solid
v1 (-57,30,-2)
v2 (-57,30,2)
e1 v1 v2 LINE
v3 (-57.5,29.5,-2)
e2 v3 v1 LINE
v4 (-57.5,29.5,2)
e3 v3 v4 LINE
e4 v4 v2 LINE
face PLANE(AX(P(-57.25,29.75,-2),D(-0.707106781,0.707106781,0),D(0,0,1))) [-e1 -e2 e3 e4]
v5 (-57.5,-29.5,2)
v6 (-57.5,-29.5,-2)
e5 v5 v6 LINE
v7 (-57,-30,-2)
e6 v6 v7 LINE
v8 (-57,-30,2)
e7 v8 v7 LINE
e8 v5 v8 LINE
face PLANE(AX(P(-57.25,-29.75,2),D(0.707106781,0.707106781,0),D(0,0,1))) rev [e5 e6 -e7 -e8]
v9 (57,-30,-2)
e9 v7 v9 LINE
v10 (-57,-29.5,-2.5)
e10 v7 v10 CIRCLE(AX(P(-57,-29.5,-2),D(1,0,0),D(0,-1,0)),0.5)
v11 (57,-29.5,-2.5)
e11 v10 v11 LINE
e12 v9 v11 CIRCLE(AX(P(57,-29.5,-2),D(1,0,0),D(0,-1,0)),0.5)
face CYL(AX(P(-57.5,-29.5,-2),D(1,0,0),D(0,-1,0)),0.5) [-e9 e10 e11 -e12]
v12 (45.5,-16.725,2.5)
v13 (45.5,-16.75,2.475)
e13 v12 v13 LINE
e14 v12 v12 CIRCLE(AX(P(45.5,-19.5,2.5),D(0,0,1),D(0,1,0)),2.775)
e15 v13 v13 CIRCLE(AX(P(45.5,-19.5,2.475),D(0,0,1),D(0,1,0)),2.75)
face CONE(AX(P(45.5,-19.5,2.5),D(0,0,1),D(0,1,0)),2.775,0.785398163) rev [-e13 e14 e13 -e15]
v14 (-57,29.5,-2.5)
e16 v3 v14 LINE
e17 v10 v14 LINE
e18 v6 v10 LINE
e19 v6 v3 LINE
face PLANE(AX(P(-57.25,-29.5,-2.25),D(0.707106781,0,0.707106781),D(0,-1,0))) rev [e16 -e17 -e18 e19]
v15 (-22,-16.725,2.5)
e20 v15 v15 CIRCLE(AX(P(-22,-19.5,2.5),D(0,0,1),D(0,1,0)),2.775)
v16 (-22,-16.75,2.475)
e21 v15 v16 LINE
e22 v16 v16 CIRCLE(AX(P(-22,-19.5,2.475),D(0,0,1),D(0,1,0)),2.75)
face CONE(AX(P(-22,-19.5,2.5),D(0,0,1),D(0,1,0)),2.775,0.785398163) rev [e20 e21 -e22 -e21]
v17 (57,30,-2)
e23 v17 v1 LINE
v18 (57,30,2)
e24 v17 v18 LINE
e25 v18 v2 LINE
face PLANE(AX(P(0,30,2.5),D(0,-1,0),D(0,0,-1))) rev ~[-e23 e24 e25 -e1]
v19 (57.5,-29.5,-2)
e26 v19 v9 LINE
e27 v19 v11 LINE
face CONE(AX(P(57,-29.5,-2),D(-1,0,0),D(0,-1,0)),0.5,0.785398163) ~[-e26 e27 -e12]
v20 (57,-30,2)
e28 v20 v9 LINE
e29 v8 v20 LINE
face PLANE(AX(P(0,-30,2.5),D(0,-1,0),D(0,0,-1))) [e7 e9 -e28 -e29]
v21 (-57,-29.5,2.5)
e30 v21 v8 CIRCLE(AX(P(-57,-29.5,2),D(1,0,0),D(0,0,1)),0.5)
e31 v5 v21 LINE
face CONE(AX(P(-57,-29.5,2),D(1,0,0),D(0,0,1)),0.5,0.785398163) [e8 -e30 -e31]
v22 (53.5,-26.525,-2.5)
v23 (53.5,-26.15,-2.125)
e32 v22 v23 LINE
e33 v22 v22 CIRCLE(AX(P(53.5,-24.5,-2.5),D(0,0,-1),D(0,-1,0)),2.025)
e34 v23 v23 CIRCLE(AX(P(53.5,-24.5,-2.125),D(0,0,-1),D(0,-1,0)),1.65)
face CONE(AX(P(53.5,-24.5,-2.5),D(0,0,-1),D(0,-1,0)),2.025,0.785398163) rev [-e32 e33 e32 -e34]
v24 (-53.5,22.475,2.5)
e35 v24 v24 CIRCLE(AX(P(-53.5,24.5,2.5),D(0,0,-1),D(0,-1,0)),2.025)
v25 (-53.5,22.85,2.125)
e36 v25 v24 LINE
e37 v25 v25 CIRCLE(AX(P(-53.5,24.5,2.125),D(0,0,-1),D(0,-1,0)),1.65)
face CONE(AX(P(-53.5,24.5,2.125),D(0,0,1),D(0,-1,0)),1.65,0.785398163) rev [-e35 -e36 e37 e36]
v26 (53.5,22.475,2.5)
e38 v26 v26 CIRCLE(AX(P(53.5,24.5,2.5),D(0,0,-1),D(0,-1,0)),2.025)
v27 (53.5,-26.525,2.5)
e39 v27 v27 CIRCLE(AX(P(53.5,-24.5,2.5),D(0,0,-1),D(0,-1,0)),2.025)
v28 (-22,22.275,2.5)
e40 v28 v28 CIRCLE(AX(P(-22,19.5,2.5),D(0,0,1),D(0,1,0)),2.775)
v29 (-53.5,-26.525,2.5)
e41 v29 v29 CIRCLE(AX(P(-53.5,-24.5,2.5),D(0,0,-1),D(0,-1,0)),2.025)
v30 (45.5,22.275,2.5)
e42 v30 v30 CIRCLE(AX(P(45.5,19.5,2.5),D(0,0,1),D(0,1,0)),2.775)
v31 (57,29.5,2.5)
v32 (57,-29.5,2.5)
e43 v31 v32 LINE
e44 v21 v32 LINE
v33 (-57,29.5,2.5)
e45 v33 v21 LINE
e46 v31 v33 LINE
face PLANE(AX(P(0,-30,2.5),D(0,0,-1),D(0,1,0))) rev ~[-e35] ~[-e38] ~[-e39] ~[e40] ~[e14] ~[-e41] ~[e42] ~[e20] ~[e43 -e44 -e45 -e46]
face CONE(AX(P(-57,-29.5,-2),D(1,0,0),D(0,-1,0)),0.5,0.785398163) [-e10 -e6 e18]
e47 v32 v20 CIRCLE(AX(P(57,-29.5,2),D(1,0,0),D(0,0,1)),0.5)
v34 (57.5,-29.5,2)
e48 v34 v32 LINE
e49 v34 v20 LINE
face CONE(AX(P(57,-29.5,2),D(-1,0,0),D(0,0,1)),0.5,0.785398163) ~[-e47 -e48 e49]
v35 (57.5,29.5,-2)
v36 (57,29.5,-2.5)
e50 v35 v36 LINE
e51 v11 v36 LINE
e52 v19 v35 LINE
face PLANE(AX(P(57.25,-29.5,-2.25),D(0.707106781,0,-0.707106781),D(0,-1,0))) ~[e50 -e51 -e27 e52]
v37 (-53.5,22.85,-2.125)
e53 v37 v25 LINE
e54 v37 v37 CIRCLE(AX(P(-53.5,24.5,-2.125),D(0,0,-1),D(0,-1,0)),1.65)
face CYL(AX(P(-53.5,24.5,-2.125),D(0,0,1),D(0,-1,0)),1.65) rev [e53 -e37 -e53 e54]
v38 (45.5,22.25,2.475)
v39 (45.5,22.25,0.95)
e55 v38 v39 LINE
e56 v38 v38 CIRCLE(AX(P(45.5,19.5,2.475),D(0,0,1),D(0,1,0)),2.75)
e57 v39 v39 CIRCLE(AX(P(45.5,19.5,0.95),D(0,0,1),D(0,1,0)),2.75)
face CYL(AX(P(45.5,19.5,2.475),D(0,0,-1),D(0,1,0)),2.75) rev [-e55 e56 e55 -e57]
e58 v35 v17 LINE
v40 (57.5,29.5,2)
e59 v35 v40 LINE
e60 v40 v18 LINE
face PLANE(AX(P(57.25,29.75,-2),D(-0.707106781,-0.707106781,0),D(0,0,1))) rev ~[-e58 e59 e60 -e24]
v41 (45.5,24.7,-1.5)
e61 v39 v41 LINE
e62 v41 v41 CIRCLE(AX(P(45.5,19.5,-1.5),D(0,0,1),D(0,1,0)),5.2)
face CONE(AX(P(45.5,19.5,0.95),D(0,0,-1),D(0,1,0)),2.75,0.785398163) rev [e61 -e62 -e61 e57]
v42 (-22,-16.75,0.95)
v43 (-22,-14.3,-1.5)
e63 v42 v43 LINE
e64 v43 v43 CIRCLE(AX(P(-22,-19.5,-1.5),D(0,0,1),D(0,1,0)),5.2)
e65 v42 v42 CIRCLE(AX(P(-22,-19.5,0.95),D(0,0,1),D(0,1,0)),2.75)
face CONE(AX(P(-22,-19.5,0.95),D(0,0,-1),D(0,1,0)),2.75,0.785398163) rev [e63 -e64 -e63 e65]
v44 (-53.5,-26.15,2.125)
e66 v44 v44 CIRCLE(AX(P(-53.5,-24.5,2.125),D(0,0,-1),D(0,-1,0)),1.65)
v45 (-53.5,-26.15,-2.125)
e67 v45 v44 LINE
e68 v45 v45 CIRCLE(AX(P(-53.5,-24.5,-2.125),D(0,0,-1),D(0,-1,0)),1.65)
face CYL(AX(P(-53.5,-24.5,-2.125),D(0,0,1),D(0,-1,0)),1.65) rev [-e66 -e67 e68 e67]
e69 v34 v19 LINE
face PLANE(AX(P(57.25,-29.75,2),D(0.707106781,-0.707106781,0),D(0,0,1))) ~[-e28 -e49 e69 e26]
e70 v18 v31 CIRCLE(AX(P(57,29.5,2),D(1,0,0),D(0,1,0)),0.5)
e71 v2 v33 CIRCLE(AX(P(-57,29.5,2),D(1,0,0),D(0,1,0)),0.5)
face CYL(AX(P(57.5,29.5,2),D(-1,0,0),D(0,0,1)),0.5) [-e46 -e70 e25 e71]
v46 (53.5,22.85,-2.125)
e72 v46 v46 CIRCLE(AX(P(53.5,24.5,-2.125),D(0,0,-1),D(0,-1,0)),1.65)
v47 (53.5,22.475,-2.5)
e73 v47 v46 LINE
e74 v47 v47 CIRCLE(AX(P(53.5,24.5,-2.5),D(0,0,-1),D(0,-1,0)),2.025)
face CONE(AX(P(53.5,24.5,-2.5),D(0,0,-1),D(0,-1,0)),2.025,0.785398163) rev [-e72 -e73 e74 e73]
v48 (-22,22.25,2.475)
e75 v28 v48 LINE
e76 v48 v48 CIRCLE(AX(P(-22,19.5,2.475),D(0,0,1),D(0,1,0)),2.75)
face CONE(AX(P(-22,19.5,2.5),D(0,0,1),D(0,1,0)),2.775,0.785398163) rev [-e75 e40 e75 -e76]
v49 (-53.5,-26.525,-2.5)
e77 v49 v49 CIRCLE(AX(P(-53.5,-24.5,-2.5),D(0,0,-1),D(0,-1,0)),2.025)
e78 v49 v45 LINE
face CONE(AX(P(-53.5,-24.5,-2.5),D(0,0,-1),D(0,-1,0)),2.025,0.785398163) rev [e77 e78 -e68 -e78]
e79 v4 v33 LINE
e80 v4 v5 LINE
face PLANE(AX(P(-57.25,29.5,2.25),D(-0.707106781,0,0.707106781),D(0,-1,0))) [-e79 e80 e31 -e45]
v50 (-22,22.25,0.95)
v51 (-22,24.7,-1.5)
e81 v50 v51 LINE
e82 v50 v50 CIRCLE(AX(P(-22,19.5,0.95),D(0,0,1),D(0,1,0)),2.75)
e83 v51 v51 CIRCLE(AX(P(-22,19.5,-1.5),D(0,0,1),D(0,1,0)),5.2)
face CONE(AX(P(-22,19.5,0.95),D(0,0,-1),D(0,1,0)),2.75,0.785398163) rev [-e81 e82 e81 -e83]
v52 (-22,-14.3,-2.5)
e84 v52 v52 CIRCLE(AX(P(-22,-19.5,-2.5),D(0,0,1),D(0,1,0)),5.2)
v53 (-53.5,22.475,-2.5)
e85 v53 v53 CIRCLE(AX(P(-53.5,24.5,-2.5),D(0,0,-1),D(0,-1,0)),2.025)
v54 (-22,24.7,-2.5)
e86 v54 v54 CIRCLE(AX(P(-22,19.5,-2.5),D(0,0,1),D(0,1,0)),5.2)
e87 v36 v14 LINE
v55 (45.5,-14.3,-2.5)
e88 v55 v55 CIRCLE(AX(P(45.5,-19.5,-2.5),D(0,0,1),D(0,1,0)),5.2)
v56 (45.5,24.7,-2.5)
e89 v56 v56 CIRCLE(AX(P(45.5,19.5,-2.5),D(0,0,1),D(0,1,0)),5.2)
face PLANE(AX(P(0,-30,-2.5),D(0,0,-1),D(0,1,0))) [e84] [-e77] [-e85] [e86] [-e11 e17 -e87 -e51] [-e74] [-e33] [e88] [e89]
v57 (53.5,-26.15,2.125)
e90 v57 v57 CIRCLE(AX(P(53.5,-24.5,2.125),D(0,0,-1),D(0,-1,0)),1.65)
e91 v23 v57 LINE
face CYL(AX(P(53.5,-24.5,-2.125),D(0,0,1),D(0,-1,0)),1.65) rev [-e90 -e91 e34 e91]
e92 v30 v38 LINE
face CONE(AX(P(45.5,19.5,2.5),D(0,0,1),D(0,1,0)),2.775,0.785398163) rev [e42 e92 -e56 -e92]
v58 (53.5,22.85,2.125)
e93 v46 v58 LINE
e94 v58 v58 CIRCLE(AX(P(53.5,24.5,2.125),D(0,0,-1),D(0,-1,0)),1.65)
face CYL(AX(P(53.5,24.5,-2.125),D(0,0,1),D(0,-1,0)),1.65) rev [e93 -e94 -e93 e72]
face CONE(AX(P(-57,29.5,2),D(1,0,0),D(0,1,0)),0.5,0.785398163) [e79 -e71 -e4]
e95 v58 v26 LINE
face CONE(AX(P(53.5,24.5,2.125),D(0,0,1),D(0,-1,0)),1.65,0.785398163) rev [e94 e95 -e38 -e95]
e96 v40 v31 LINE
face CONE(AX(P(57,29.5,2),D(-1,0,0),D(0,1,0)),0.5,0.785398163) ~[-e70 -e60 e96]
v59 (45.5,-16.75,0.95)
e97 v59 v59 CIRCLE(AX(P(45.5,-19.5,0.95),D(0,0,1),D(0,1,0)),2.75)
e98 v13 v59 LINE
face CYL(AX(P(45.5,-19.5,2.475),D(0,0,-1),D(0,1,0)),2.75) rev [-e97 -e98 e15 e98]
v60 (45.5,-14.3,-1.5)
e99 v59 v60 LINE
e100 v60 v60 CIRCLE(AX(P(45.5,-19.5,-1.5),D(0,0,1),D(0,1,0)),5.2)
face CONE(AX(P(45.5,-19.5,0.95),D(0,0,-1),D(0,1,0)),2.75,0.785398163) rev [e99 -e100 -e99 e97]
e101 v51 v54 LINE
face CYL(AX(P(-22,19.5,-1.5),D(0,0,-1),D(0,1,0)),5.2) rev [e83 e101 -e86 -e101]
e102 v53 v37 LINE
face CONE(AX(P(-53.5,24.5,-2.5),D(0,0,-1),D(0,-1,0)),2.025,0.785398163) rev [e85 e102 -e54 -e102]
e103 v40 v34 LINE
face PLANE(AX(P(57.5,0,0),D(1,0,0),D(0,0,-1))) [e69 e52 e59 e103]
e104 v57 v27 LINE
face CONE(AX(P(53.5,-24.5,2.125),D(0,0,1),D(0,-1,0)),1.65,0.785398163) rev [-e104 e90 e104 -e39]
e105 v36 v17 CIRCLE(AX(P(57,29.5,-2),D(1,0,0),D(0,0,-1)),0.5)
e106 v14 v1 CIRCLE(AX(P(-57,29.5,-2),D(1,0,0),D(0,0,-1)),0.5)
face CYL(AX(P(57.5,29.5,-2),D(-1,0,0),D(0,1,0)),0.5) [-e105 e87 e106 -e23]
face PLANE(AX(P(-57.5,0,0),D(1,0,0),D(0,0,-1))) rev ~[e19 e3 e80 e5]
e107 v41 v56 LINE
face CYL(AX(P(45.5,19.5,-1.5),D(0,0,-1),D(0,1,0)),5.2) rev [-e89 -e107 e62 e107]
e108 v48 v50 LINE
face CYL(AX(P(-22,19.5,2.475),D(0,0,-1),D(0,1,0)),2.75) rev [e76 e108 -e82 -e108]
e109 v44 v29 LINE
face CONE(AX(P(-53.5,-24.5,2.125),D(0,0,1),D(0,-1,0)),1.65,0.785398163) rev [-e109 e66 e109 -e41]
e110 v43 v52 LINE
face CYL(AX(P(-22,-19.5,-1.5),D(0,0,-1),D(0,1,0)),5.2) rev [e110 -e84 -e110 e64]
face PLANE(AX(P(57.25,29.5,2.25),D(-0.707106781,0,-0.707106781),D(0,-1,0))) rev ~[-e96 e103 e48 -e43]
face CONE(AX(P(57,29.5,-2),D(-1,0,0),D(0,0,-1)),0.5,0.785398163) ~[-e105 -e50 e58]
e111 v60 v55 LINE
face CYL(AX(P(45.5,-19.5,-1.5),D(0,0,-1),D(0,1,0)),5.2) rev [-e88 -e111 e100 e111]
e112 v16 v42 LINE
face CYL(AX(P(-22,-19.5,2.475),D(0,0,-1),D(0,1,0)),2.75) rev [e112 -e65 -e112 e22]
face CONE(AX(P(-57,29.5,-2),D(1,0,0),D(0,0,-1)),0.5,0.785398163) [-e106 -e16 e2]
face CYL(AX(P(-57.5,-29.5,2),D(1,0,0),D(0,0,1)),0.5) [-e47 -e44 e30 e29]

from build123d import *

# Parameters (mm, degrees)
SKETCH1_W                                    = 5
SKETCH1_H                                    = 60
BOSS_EXTRUDE1_DEPTH                          = 57.5
M4_TAPPED_HOLE1_AT_2_COUNT                   = 2
M4_TAPPED_HOLE1_AT_2_PITCH                   = 107
M4_TAPPED_HOLE1_AT_3_COUNT                   = 2
M4_TAPPED_HOLE1_AT_3_PITCH                   = 49
M4_TAPPED_HOLE1_AT_4_COUNT                   = 2
M4_TAPPED_HOLE1_AT_4_PITCH                   = 117.686022959
CSK_FOR_M5_COUNTERSUNK_FLAT_HEAD_SCR_2_COUNT = 2
CSK_FOR_M5_COUNTERSUNK_FLAT_HEAD_SCR_2_PITCH = 77.956718761
CSK_FOR_M5_COUNTERSUNK_FLAT_HEAD_SCR_3_COUNT = 2
CSK_FOR_M5_COUNTERSUNK_FLAT_HEAD_SCR_3_PITCH = 67.5
CSK_FOR_M5_COUNTERSUNK_FLAT_HEAD_SCR_4_COUNT = 2
CSK_FOR_M5_COUNTERSUNK_FLAT_HEAD_SCR_4_PITCH = 39
FILLET1_R                                    = 0.5
CHAMFER1_SIZE                                = 0.5


with BuildPart() as part:
    # Sketch1 → Boss-Extrude1 (new body, symmetric)
    with BuildSketch(Plane(origin=(0, 0, 0), x_dir=(0, 0, -1), z_dir=(1, 0, 0))):
        Rectangle(SKETCH1_W, SKETCH1_H)
    extrude(amount=BOSS_EXTRUDE1_DEPTH, both=True)

    # Sketch3 → M4 Tapped Hole1 (revolve, cut)
    with BuildSketch(Plane(origin=(-53.5, 24.5, 2.5), x_dir=(0, -1, 0), z_dir=(1, 0, 0))):
        Polygon((0, 0), (0, 5), (2.025, 5), (1.65, 4.625), (1.65, 0.375), (2.025, 0), align=None)
    m4_tapped_hole1 = revolve(axis=Axis((-53.5, 24.5, 8.85), (0, 0, -1)), mode=Mode.SUBTRACT)

    # M4 Tapped Hole1 at 2: M4 Tapped Hole1 ×2
    with Locations(*[(i * M4_TAPPED_HOLE1_AT_2_PITCH, 0, 0) for i in range(1, M4_TAPPED_HOLE1_AT_2_COUNT)]):
        add(m4_tapped_hole1, mode=Mode.SUBTRACT)

    # M4 Tapped Hole1 at 3: M4 Tapped Hole1 ×2
    with Locations(*[(0, -i * M4_TAPPED_HOLE1_AT_3_PITCH, 0) for i in range(1, M4_TAPPED_HOLE1_AT_3_COUNT)]):
        add(m4_tapped_hole1, mode=Mode.SUBTRACT)

    # M4 Tapped Hole1 at 4: M4 Tapped Hole1 ×2
    with Locations(*[Vector(0.909198878, -0.416362103, 0) * (i * M4_TAPPED_HOLE1_AT_4_PITCH) for i in range(1, M4_TAPPED_HOLE1_AT_4_COUNT)]):
        add(m4_tapped_hole1, mode=Mode.SUBTRACT)

    # Sketch6 → CSK for M5 Countersunk Flat Head Screw1 (revolve, cut)
    with BuildSketch(Plane(origin=(-22, 19.5, -2.5), x_dir=(0, 1, 0), z_dir=(1, 0, 0))):
        Polygon((0, 0), (0, 5), (2.775, 5), (2.75, 4.975), (2.75, 3.45), (5.2, 1), (5.2, 0), align=None)
    csk_for_m5_countersunk_flat_head_screw1 = revolve(axis=Axis((-22, 19.5, -8.85), (0, 0, 1)), mode=Mode.SUBTRACT)

    # CSK for M5 Countersunk Flat Head Scr 2: CSK for M5 Countersunk Flat Head Screw1 ×2
    with Locations(*[Vector(0.865865073, -0.500277598, 0) * (i * CSK_FOR_M5_COUNTERSUNK_FLAT_HEAD_SCR_2_PITCH) for i in range(1, CSK_FOR_M5_COUNTERSUNK_FLAT_HEAD_SCR_2_COUNT)]):
        add(csk_for_m5_countersunk_flat_head_screw1, mode=Mode.SUBTRACT)

    # CSK for M5 Countersunk Flat Head Scr 3: CSK for M5 Countersunk Flat Head Screw1 ×2
    with Locations(*[(i * CSK_FOR_M5_COUNTERSUNK_FLAT_HEAD_SCR_3_PITCH, 0, 0) for i in range(1, CSK_FOR_M5_COUNTERSUNK_FLAT_HEAD_SCR_3_COUNT)]):
        add(csk_for_m5_countersunk_flat_head_screw1, mode=Mode.SUBTRACT)

    # CSK for M5 Countersunk Flat Head Scr 4: CSK for M5 Countersunk Flat Head Screw1 ×2
    with Locations(*[(0, -i * CSK_FOR_M5_COUNTERSUNK_FLAT_HEAD_SCR_4_PITCH, 0) for i in range(1, CSK_FOR_M5_COUNTERSUNK_FLAT_HEAD_SCR_4_COUNT)]):
        add(csk_for_m5_countersunk_flat_head_screw1, mode=Mode.SUBTRACT)

    # Fillet1
    fillet1_edges = [part.edges().sort_by_distance(p)[0] for p in [
        (0, -30, -2.5),
        (0, -30, 2.5),
        (0, 30, 2.5),
        (0, 30, -2.5),
    ]]
    fillet(fillet1_edges, radius=FILLET1_R)

    # Chamfer1
    chamfer1_edges = [part.edges().sort_by_distance(p)[0] for p in [
        (-57.5, 0, -2.5),
        (57.5, 0, -2.5),
        (-57.5, -30, 0),
        (-57.5, 0, 2.5),
        (-57.5, 30, 0),
        (-57.5, 29.853553391, 2.353553391),
        (-57.5, 29.853553391, -2.353553391),
        (-57.5, -29.853553391, 2.353553391),
        (-57.5, -29.853553391, -2.353553391),
        (57.5, -30, 0),
        (57.5, 30, 0),
        (57.5, 0, 2.5),
        (57.5, 29.853553391, 2.353553391),
        (57.5, 29.853553391, -2.353553391),
        (57.5, -29.853553391, 2.353553391),
        (57.5, -29.853553391, -2.353553391),
    ]]
    chamfer(chamfer1_edges, length=CHAMFER1_SIZE)


solid = part.part
